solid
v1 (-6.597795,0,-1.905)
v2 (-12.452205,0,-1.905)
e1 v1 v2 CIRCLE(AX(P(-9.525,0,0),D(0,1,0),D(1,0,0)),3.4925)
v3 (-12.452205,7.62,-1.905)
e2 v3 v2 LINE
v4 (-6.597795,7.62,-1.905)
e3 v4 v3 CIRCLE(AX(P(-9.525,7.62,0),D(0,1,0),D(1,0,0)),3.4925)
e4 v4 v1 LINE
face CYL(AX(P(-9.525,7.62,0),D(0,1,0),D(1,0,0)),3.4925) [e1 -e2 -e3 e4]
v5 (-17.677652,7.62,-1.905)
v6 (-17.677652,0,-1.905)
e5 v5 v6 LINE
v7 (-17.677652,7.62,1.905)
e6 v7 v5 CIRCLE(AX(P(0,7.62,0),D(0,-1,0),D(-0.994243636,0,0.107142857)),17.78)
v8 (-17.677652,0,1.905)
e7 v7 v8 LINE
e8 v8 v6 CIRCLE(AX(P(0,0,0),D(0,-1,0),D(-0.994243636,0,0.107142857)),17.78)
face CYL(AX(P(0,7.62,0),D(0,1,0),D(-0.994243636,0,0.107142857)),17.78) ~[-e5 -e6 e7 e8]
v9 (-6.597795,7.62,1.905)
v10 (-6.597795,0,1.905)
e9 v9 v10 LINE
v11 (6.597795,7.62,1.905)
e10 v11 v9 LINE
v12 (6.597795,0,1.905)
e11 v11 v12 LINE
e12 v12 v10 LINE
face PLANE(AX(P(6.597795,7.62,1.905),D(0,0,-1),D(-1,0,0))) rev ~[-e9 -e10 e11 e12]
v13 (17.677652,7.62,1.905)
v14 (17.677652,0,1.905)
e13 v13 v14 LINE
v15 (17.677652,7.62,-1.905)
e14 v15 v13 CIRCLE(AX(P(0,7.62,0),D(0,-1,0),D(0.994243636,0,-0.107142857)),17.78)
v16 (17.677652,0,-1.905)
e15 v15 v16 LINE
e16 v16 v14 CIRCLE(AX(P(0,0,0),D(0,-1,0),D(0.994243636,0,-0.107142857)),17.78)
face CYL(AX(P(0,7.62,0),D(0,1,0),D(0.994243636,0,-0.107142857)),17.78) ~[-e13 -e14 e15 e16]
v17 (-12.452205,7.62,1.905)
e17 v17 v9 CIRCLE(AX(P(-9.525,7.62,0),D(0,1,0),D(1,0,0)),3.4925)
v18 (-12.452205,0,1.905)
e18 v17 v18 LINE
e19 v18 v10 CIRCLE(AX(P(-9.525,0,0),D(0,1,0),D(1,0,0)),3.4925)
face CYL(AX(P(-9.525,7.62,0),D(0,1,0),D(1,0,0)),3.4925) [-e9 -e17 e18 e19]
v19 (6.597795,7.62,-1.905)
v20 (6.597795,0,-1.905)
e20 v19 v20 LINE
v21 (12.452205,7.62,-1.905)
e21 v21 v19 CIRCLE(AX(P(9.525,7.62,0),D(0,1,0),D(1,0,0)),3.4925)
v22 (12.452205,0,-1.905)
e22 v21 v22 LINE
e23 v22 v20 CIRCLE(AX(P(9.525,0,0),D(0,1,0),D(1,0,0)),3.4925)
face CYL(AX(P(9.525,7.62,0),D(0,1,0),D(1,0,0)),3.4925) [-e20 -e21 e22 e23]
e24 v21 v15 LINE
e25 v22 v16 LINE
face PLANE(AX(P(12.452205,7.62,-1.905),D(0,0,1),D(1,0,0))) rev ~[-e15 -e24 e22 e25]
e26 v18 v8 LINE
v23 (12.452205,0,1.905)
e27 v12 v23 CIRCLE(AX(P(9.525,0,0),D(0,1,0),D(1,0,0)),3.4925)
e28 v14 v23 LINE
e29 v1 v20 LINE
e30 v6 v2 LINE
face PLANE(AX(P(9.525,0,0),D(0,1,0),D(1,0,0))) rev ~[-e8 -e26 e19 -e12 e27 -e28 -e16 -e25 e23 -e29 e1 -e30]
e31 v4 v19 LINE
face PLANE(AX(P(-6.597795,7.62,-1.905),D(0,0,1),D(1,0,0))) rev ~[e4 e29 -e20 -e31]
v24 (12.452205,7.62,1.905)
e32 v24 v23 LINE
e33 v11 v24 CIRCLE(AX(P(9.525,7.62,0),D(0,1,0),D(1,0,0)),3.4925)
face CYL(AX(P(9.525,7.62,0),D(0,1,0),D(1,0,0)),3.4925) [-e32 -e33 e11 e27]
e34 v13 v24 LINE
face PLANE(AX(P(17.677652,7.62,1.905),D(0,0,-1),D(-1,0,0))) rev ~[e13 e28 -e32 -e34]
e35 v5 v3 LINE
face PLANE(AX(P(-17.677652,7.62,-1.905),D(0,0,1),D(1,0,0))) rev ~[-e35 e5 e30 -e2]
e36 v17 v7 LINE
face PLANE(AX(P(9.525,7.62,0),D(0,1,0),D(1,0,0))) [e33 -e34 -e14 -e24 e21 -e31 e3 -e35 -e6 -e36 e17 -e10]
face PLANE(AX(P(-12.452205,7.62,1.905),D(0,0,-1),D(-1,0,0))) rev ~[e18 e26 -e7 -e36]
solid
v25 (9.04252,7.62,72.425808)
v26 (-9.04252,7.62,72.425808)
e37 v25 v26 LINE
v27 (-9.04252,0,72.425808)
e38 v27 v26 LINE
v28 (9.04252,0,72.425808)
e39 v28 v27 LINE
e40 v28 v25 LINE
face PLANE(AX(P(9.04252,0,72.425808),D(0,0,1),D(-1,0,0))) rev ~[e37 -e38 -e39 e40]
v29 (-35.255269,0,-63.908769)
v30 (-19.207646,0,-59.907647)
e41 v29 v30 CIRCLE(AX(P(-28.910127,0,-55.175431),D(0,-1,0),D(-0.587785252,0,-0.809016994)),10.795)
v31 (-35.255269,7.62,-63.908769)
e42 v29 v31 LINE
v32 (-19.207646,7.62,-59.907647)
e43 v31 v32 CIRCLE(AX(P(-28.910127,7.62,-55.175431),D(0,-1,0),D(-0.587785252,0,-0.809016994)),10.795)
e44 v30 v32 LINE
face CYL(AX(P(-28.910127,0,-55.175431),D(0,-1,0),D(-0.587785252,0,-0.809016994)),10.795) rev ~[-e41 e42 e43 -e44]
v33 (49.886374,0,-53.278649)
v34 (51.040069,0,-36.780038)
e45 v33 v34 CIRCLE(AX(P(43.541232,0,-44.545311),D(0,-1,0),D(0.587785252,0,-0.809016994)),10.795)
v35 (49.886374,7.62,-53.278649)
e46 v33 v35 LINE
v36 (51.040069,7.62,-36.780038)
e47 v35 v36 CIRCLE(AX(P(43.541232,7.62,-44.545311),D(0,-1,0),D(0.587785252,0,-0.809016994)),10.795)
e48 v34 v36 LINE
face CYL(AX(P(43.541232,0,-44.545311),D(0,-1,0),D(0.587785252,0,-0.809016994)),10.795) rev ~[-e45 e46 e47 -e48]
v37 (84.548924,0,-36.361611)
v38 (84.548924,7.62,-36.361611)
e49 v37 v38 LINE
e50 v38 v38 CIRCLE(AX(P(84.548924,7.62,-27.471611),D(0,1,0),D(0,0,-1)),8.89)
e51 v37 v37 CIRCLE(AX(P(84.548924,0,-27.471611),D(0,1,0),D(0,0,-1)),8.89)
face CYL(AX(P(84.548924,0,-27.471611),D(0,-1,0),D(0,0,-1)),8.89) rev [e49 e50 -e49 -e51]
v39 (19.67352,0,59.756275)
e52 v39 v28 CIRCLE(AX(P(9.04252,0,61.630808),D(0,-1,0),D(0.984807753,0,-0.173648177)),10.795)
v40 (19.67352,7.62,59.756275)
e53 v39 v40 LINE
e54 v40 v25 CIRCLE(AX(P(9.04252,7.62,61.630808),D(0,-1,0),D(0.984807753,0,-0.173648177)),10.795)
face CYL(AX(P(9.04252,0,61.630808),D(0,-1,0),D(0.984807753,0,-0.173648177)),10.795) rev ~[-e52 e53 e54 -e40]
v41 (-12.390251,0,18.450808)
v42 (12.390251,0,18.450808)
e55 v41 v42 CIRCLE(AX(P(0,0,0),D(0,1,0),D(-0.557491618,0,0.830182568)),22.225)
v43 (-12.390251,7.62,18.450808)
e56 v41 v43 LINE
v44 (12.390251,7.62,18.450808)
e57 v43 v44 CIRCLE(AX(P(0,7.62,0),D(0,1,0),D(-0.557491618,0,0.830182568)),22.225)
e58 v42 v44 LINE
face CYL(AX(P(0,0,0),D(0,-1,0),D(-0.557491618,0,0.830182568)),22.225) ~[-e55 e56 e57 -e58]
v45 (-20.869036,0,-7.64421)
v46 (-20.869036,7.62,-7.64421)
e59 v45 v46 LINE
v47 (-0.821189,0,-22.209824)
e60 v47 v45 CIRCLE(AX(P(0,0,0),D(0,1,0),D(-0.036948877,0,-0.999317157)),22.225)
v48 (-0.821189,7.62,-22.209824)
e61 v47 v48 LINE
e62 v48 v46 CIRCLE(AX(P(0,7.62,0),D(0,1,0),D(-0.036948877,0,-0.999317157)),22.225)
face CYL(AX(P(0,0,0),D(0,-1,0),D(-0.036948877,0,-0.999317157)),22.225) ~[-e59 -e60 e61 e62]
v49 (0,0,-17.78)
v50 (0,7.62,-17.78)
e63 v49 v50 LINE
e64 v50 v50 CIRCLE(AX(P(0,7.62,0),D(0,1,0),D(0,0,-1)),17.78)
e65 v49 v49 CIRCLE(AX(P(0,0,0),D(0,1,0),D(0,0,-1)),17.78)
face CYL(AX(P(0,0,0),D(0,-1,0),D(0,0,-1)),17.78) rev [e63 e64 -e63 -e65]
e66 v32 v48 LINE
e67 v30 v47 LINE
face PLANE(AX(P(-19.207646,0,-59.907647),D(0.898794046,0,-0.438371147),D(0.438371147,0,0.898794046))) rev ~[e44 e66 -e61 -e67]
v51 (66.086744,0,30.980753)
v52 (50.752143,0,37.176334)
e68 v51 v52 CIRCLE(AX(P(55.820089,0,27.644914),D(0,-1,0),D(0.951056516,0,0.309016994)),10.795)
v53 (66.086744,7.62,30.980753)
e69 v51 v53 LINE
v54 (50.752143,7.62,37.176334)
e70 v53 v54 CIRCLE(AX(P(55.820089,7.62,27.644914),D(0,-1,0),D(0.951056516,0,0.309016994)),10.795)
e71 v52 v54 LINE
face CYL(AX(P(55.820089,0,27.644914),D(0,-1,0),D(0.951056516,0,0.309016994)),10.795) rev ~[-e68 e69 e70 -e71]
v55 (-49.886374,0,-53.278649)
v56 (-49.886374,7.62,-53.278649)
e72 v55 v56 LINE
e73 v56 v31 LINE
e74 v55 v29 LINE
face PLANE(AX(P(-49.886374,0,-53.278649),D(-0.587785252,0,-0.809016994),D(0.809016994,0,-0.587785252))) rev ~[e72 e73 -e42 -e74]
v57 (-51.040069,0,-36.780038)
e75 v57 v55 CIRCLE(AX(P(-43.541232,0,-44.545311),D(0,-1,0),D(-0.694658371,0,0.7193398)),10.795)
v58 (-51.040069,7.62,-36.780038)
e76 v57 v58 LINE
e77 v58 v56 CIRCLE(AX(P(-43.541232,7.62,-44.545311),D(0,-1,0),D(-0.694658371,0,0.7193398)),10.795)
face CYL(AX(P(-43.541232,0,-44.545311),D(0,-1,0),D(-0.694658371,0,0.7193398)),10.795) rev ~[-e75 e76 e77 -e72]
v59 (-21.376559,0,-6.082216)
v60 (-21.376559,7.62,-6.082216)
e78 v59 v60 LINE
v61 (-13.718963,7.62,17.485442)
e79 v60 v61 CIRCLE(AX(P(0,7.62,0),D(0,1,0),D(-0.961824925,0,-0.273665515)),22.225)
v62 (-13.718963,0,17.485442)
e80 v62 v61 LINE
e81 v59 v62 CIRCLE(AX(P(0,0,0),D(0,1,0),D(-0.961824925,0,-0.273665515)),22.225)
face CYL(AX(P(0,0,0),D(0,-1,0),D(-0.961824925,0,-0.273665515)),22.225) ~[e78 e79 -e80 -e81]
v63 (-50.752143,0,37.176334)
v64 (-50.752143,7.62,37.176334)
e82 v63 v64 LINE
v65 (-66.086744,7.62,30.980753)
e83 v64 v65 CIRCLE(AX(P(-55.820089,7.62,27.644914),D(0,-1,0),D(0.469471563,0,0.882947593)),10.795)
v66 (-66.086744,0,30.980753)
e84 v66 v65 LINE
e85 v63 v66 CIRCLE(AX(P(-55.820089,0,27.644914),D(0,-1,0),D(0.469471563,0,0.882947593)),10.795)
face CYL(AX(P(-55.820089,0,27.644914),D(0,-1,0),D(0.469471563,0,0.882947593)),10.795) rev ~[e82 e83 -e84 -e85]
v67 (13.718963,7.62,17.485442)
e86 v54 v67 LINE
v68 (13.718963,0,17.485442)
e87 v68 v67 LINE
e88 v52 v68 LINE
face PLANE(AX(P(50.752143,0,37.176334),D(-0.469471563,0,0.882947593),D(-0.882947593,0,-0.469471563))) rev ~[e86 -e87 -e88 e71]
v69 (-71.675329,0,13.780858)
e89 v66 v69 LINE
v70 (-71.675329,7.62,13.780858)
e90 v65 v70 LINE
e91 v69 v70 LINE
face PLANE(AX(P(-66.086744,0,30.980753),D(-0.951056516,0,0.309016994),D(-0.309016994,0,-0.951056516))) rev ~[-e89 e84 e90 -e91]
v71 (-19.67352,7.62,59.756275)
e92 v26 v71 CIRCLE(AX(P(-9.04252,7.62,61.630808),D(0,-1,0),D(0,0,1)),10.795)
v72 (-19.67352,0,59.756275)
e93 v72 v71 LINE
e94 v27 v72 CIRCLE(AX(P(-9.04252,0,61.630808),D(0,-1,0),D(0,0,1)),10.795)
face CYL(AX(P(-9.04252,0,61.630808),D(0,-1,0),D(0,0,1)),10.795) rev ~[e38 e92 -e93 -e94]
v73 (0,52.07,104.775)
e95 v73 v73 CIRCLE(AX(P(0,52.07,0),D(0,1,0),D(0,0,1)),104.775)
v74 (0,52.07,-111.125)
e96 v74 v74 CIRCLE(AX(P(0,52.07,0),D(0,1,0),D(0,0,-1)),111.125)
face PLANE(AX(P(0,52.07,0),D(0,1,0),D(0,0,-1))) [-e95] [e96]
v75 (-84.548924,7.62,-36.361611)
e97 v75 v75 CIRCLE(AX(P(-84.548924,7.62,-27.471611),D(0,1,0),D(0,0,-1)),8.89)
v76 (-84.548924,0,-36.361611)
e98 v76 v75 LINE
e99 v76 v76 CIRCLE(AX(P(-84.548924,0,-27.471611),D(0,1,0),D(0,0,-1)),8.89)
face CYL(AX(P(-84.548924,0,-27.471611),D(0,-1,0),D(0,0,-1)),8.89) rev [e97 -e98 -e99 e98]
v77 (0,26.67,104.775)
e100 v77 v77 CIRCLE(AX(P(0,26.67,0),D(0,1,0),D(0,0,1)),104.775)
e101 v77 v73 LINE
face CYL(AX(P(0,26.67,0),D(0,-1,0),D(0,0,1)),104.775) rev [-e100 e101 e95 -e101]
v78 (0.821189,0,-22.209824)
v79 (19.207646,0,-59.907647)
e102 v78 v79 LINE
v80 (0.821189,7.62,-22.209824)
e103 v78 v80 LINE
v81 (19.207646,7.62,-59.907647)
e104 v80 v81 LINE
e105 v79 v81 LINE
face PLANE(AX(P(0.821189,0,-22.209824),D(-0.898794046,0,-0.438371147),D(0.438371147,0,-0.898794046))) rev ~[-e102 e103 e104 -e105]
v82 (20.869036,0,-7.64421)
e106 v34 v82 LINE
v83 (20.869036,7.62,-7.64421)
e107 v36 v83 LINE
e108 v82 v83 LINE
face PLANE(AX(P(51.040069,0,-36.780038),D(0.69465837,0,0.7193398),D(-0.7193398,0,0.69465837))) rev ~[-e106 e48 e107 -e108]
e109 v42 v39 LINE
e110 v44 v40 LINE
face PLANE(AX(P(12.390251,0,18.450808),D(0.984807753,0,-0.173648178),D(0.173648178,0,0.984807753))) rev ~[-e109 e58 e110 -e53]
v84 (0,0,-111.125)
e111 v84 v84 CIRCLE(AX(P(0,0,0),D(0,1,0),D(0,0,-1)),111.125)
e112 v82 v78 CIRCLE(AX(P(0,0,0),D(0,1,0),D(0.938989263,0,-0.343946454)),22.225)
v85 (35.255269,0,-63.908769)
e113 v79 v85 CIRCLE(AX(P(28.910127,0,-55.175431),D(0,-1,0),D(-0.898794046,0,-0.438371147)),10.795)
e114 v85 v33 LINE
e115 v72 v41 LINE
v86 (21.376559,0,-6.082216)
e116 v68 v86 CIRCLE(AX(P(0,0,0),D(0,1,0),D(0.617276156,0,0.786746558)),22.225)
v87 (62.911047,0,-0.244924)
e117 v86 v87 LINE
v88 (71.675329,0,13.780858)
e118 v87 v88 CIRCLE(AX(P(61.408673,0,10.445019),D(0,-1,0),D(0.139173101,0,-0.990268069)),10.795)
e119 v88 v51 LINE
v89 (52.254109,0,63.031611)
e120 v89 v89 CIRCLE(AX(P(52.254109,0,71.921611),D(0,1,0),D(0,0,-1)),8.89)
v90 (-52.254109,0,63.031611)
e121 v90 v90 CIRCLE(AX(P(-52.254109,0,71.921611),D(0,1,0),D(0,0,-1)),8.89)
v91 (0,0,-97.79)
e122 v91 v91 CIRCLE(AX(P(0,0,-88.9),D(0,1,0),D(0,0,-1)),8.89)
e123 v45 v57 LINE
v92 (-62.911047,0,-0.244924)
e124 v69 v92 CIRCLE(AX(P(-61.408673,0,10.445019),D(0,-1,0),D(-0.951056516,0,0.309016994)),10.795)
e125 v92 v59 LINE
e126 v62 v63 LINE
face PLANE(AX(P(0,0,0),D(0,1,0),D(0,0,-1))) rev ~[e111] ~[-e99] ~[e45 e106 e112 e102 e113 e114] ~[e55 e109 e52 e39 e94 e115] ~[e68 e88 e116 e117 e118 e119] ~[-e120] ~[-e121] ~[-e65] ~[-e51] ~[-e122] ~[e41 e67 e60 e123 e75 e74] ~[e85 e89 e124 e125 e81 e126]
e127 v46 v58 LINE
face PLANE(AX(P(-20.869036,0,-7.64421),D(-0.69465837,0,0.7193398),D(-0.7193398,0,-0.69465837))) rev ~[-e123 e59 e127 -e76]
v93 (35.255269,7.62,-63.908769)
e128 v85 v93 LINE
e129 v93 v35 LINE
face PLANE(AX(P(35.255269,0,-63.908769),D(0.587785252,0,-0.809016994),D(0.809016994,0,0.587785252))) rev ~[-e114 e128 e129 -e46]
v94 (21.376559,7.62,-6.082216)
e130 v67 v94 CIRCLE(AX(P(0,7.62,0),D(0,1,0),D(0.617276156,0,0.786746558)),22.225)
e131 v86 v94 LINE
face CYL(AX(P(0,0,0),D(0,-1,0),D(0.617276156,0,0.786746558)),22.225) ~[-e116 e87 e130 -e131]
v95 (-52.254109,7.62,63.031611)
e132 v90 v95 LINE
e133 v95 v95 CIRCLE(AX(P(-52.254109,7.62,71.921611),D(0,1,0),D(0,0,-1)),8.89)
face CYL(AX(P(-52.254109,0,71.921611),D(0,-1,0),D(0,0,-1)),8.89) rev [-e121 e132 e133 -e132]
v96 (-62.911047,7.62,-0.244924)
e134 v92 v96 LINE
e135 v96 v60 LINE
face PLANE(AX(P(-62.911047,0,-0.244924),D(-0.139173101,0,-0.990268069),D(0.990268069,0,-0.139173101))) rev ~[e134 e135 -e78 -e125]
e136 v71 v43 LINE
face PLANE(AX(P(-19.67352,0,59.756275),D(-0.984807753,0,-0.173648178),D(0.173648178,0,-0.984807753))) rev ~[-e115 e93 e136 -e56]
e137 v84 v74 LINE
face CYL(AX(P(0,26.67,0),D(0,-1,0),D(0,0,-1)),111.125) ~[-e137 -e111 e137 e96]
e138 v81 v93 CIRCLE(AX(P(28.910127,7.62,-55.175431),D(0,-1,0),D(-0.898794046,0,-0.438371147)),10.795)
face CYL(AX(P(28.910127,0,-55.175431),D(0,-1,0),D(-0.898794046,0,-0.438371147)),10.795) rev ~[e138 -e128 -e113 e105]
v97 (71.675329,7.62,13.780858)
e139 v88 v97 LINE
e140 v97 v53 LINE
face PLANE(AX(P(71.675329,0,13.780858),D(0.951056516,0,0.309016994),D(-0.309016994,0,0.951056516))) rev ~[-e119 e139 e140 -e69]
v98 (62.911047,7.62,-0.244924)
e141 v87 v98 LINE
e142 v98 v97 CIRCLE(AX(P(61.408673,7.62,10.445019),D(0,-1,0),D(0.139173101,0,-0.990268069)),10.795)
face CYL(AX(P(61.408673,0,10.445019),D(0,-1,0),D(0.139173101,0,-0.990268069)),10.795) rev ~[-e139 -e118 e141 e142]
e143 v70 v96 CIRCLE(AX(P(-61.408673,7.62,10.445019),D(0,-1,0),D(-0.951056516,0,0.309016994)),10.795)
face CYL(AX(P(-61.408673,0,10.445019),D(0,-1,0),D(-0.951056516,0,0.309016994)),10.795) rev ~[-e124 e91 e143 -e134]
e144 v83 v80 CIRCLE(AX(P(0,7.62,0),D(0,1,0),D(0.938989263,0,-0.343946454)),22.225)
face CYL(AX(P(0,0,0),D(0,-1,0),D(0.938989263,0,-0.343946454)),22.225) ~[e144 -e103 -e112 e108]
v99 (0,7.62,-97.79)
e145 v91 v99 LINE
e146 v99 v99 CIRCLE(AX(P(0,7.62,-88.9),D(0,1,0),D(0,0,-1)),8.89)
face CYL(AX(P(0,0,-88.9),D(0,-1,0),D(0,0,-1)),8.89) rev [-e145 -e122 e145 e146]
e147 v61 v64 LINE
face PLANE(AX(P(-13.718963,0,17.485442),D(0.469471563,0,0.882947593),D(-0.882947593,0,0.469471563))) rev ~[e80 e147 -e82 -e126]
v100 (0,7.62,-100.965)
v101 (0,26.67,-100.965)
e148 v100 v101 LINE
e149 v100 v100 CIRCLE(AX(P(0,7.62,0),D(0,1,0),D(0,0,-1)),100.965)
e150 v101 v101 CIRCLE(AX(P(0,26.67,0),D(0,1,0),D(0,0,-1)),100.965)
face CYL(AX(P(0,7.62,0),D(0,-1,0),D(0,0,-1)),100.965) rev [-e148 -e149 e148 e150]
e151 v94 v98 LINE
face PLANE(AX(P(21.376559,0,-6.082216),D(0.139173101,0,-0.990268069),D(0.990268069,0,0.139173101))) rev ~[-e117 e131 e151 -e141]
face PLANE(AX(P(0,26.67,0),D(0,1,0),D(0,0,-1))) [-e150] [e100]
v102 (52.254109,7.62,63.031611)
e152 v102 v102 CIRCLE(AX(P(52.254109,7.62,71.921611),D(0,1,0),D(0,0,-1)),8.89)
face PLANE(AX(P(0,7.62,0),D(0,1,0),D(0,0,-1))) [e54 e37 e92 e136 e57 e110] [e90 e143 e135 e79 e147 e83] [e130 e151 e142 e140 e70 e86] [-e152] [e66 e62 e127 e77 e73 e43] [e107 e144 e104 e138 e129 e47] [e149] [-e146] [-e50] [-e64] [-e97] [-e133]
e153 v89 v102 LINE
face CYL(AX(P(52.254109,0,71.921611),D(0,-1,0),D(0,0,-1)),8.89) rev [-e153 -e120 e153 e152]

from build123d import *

# Parameters (mm, degrees)
SKETCH1_R           = 111.125
SKETCH1_R_2         = 17.78
SKETCH1_R_3         = 8.89
BOSS_EXTRUDE1_DEPTH = 7.62
SKETCH3_R           = 111.125
SKETCH3_R_2         = 100.965
BOSS_EXTRUDE2_DEPTH = 19.05
SKETCH5_R           = 111.125
SKETCH5_R_2         = 104.775
BOSS_EXTRUDE3_DEPTH = 25.4
SKETCH6_R           = 3.4925
BOSS_EXTRUDE4_DEPTH = 7.62


with BuildPart() as part:
    # Sketch1 → Boss-Extrude1 (new body)
    with BuildSketch(Plane(origin=(0, 0, 0), x_dir=(1, 0, 0), z_dir=(0, 1, 0))):
        with Locations(Location((0, 0, 0), (0, 0, 90))):
            Circle(SKETCH1_R)
        with BuildLine():
            ThreePointArc((-12.390251216, -18.450807565), (0, -22.225), (12.390251216, -18.450807565))
            Line((12.390251216, -18.450807565), (19.673519662, -59.756275487))
            ThreePointArc((19.673519662, -59.756275487), (17.311969731, -68.569699811), (9.042519968, -72.425807565))
            Line((9.042519968, -72.425807565), (-9.042519968, -72.425807565))
            ThreePointArc((-9.042519968, -72.425807565), (-17.311969731, -68.569699811), (-19.673519662, -59.756275487))
            Line((-19.673519662, -59.756275487), (-12.390251216, -18.450807565))
        make_face(mode=Mode.SUBTRACT)
        with BuildLine():
            ThreePointArc((-21.376558956, 6.08221606), (-21.137231075, -6.8679027), (-13.718962575, -17.485442255))
            Line((-13.718962575, -17.485442255), (-50.752143277, -37.176333719))
            ThreePointArc((-50.752143277, -37.176333719), (-59.863966973, -37.653864164), (-66.08674389, -30.980752908))
            Line((-66.08674389, -30.980752908), (-71.675328575, -13.78085783))
            ThreePointArc((-71.675328575, -13.78085783), (-70.563352679, -4.724540918), (-62.911047106, 0.244924427))
            Line((-62.911047106, 0.244924427), (-21.376558956, 6.08221606))
        make_face(mode=Mode.SUBTRACT)
        with BuildLine():
            ThreePointArc((-0.821188781, 22.209823817), (-13.063527232, 17.9804027), (-20.869036378, 7.644209943))
            Line((-20.869036378, 7.644209943), (-51.040069209, 36.780037672))
            ThreePointArc((-51.040069209, 36.780037672), (-54.309936022, 45.29833195), (-49.886373898, 53.278649271))
            Line((-49.886373898, 53.278649271), (-35.255269246, 63.908769032))
            ThreePointArc((-35.255269246, 63.908769032), (-26.298580584, 65.649772943), (-19.207645718, 59.907647107))
            Line((-19.207645718, 59.907647107), (-0.821188781, 22.209823817))
        make_face(mode=Mode.SUBTRACT)
        with BuildLine():
            ThreePointArc((20.869036378, 7.644209943), (13.063527232, 17.9804027), (0.821188781, 22.209823817))
            Line((0.821188781, 22.209823817), (19.207645718, 59.907647107))
            ThreePointArc((19.207645718, 59.907647107), (26.298580584, 65.649772943), (35.255269246, 63.908769032))
            Line((35.255269246, 63.908769032), (49.886373898, 53.278649271))
            ThreePointArc((49.886373898, 53.278649271), (54.309936022, 45.29833195), (51.040069209, 36.780037672))
            Line((51.040069209, 36.780037672), (20.869036378, 7.644209943))
        make_face(mode=Mode.SUBTRACT)
        with BuildLine():
            Line((21.376558956, 6.08221606), (62.911047106, 0.244924427))
            ThreePointArc((62.911047106, 0.244924427), (70.563352679, -4.724540918), (71.675328575, -13.78085783))
            Line((71.675328575, -13.78085783), (66.08674389, -30.980752908))
            ThreePointArc((66.08674389, -30.980752908), (59.863966973, -37.653864164), (50.752143277, -37.176333719))
            Line((50.752143277, -37.176333719), (13.718962575, -17.485442255))
            ThreePointArc((13.718962575, -17.485442255), (21.137231075, -6.8679027), (21.376558956, 6.08221606))
        make_face(mode=Mode.SUBTRACT)
        with Locations(Location((0, 0, 0), (0, 0, 90))):
            Circle(SKETCH1_R_2, mode=Mode.SUBTRACT)
        with Locations(Location((-52.254108929, -71.9216108, 0), (0, 0, 90))):
            Circle(SKETCH1_R_3, mode=Mode.SUBTRACT)
        with Locations(Location((52.254108929, -71.9216108, 0), (0, 0, 90))):
            Circle(SKETCH1_R_3, mode=Mode.SUBTRACT)
        with Locations(Location((-84.548924299, 27.4716108, 0), (0, 0, 90))):
            Circle(SKETCH1_R_3, mode=Mode.SUBTRACT)
        with Locations(Location((84.548924299, 27.4716108, 0), (0, 0, 90))):
            Circle(SKETCH1_R_3, mode=Mode.SUBTRACT)
        with Locations(Location((0, 88.9, 0), (0, 0, 90))):
            Circle(SKETCH1_R_3, mode=Mode.SUBTRACT)
    extrude(amount=BOSS_EXTRUDE1_DEPTH)

    # Sketch3 → Boss-Extrude2 (add)
    with BuildSketch(Plane(origin=(0, 7.62, 0), x_dir=(1, 0, 0), z_dir=(0, 1, 0))):
        with Locations(Location((0, 0, 0), (0, 0, 90))):
            Circle(SKETCH3_R)
        with Locations(Location((0, 0, 0), (0, 0, 90))):
            Circle(SKETCH3_R_2, mode=Mode.SUBTRACT)
    extrude(amount=BOSS_EXTRUDE2_DEPTH)

    # Sketch5 → Boss-Extrude3 (add)
    with BuildSketch(Plane(origin=(0, 26.67, 0), x_dir=(1, 0, 0), z_dir=(0, 1, 0))):
        with Locations(Location((0, 0, 0), (0, 0, 90))):
            Circle(SKETCH5_R)
        with Locations(Location((0, 0, 0), (0, 0, 270))):
            Circle(SKETCH5_R_2, mode=Mode.SUBTRACT)
    extrude(amount=BOSS_EXTRUDE3_DEPTH)


with BuildPart() as body_2:
    # Sketch6 → Boss-Extrude4 (new body)
    with BuildSketch(Plane(origin=(0, 7.62, 0), x_dir=(1, 0, 0), z_dir=(0, 1, 0))):
        with Locations((9.525, 0)):
            Circle(SKETCH6_R)
        with Locations((-9.525, 0)):
            Circle(SKETCH6_R)
        with BuildLine():
            Line((-17.677651852, 1.905), (17.677651852, 1.905))
            ThreePointArc((17.677651852, 1.905), (17.78, 0), (17.677651852, -1.905))
            Line((17.677651852, -1.905), (-17.677651852, -1.905))
            ThreePointArc((-17.677651852, -1.905), (-17.78, 0), (-17.677651852, 1.905))
        make_face()
    extrude(amount=-BOSS_EXTRUDE4_DEPTH)


solid = Compound([part.part, body_2.part])
